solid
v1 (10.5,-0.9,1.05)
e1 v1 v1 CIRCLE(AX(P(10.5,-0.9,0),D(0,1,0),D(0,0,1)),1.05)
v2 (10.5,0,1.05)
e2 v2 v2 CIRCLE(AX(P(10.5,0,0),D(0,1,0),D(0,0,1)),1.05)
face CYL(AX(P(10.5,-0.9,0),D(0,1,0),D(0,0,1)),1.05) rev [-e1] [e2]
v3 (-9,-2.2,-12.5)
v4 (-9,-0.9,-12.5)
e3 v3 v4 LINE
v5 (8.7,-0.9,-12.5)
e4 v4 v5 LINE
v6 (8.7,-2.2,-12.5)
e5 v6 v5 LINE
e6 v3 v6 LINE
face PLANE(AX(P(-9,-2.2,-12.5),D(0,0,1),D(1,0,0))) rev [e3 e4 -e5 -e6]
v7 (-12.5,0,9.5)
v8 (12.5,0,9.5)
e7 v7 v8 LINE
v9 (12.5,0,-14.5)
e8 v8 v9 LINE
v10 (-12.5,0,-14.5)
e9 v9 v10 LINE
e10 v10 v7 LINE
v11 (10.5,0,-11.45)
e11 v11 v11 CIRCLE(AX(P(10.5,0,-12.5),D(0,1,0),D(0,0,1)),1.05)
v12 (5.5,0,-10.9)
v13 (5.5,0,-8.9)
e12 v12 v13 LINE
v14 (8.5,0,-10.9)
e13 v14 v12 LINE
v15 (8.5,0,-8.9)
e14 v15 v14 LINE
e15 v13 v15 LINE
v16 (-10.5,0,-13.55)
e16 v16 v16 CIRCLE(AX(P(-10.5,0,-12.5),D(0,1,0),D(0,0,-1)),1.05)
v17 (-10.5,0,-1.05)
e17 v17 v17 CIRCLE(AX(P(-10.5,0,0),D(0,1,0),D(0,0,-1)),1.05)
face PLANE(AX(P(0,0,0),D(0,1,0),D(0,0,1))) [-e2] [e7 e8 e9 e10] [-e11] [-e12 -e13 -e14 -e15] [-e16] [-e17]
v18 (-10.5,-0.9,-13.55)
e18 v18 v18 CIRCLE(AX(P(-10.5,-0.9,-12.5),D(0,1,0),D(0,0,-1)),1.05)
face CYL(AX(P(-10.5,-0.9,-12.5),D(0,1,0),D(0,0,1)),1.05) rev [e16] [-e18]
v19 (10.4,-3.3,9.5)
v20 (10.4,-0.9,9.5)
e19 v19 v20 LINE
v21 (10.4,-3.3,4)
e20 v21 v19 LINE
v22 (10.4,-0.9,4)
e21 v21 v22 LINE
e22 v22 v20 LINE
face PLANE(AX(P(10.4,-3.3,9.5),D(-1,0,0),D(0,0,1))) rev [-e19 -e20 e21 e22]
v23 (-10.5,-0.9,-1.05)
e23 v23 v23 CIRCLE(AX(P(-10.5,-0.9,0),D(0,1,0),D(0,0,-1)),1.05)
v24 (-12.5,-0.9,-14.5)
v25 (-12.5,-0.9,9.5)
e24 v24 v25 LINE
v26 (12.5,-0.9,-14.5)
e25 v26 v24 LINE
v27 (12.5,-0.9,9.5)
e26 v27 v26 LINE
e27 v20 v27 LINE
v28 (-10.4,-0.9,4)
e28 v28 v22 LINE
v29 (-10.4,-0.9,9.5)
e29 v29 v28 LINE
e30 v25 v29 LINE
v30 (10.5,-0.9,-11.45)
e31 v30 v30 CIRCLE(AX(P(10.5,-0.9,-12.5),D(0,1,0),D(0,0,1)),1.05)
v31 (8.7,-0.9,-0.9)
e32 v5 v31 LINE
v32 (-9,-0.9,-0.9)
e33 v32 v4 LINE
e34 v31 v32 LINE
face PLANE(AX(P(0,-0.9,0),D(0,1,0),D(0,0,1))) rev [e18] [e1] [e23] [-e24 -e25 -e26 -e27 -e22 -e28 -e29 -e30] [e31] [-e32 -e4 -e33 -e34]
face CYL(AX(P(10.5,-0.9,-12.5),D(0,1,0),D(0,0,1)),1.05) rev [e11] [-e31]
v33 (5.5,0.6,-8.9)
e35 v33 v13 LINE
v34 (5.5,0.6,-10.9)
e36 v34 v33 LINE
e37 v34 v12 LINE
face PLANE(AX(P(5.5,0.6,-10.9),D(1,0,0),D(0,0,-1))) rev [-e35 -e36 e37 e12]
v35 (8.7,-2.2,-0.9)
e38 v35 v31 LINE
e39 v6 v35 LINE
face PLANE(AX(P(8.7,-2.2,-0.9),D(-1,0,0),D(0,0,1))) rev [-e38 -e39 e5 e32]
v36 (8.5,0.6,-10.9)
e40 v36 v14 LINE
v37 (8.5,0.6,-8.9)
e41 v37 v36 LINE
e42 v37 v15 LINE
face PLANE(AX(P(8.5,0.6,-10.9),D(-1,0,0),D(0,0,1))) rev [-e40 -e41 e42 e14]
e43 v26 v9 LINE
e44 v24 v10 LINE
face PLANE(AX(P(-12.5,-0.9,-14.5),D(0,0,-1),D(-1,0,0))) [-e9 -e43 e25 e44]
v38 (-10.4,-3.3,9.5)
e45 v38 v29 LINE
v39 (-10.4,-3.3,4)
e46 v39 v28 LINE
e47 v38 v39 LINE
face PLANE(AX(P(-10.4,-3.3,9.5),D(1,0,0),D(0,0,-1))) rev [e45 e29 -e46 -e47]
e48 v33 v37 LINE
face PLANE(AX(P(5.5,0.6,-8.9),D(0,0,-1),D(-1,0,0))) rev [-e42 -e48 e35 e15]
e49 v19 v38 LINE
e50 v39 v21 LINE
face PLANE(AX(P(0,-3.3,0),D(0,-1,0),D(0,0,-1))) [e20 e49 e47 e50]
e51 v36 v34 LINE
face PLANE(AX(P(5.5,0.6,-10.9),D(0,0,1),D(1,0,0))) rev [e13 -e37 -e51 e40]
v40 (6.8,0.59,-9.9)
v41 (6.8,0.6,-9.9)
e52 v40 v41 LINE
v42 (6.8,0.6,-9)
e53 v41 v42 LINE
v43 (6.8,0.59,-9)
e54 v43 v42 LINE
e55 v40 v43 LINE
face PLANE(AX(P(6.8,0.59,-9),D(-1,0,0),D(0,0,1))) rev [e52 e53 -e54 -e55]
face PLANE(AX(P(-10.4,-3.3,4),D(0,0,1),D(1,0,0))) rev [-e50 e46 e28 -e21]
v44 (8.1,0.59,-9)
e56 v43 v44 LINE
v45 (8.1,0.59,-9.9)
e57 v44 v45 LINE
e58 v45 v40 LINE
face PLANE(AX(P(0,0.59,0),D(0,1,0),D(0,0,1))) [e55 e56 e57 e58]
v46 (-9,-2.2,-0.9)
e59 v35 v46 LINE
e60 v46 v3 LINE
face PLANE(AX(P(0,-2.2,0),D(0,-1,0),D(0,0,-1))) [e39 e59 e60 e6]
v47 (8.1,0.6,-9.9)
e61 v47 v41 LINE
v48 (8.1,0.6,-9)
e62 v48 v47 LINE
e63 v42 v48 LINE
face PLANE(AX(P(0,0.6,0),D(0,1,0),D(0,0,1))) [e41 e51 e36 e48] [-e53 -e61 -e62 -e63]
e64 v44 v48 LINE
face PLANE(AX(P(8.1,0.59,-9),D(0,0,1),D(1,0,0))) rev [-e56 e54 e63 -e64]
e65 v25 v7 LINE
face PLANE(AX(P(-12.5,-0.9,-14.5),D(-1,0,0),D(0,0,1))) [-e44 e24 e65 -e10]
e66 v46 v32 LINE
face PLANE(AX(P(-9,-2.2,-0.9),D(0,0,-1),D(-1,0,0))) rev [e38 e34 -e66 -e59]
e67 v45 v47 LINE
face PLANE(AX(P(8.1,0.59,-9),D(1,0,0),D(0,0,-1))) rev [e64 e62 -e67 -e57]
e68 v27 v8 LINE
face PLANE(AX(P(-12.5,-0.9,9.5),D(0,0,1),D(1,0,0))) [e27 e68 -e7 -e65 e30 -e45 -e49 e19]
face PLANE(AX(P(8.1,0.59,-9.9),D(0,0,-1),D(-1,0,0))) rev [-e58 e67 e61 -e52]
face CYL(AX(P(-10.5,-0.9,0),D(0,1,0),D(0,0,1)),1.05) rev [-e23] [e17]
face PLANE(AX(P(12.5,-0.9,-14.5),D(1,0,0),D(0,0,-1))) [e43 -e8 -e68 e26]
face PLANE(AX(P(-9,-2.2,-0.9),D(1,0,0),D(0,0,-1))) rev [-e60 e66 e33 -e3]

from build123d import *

# Parameters (mm, degrees)
SKIZZE1_W                                 = 25
SKIZZE1_H                                 = 24
PCB_DEPTH                                 = 0.9
SKIZZE2_R                                 = 1.05
MOUNTING_HOLES_DEPTH                      = 1.9
SKIZZE3_W                                 = 20.8
SKIZZE3_H                                 = 5.5
CONNECTOR_CLOSED_DEPTH                    = 2.4
SKIZZE4_W                                 = 17.7
SKIZZE4_H                                 = 11.6
COMPONENTS_WORST_CASE_BOUNDARY_BOX_DEPTH  = 1.3
SKIZZE7_W                                 = 3
SKIZZE7_H                                 = 2
COMPONENTS_WORST_CASE_BOUNDARY_BOX2_DEPTH = 0.6
SKIZZE8_W                                 = 1.3
SKIZZE8_H                                 = 0.9
STATUS_LED_DEPTH                          = 0.01


with BuildPart() as part:
    # Skizze1 → PCB (new body)
    with BuildSketch(Plane(origin=(0, 0, 0), x_dir=(1, 0, 0), z_dir=(0, 1, 0))):
        with Locations((0, 2.5)):
            Rectangle(SKIZZE1_W, SKIZZE1_H)
    extrude(amount=-PCB_DEPTH)

    # Skizze2 → Mounting_Holes (cut, through all)
    with BuildSketch(Plane(origin=(0, 0, 0), x_dir=(1, 0, 0), z_dir=(0, 1, 0))):
        with Locations((10.5, 12.5)):
            Circle(SKIZZE2_R)
        with Locations((10.5, 0)):
            Circle(SKIZZE2_R)
        with Locations((-10.5, 0)):
            Circle(SKIZZE2_R)
        with Locations((-10.5, 12.5)):
            Circle(SKIZZE2_R)
    extrude(amount=-MOUNTING_HOLES_DEPTH, mode=Mode.SUBTRACT)

    # Skizze3 → Connector_closed (add)
    with BuildSketch(Plane.XZ.offset(0.9)):
        with Locations((0, 6.75)):
            Rectangle(SKIZZE3_W, SKIZZE3_H)
    extrude(amount=CONNECTOR_CLOSED_DEPTH)

    # Skizze4 → Components_worst-case_Boundary-Box (add)
    with BuildSketch(Plane.XZ.offset(0.9)):
        with Locations((-0.15, -6.7)):
            Rectangle(SKIZZE4_W, SKIZZE4_H)
    extrude(amount=COMPONENTS_WORST_CASE_BOUNDARY_BOX_DEPTH)

    # Skizze7 → Components_worst-case_Boundary-Box2 (add)
    with BuildSketch(Plane(origin=(0, 0, 0), x_dir=(1, 0, 0), z_dir=(0, 1, 0))):
        with Locations((7, 9.9)):
            Rectangle(SKIZZE7_W, SKIZZE7_H)
    extrude(amount=COMPONENTS_WORST_CASE_BOUNDARY_BOX2_DEPTH)

    # Skizze8 → Status_LED (cut)
    with BuildSketch(Plane(origin=(0, 0.6, 0), x_dir=(1, 0, 0), z_dir=(0, 1, 0))):
        with Locations((7.45, 9.45)):
            Rectangle(SKIZZE8_W, SKIZZE8_H)
    extrude(amount=-STATUS_LED_DEPTH, mode=Mode.SUBTRACT)


solid = part.part
